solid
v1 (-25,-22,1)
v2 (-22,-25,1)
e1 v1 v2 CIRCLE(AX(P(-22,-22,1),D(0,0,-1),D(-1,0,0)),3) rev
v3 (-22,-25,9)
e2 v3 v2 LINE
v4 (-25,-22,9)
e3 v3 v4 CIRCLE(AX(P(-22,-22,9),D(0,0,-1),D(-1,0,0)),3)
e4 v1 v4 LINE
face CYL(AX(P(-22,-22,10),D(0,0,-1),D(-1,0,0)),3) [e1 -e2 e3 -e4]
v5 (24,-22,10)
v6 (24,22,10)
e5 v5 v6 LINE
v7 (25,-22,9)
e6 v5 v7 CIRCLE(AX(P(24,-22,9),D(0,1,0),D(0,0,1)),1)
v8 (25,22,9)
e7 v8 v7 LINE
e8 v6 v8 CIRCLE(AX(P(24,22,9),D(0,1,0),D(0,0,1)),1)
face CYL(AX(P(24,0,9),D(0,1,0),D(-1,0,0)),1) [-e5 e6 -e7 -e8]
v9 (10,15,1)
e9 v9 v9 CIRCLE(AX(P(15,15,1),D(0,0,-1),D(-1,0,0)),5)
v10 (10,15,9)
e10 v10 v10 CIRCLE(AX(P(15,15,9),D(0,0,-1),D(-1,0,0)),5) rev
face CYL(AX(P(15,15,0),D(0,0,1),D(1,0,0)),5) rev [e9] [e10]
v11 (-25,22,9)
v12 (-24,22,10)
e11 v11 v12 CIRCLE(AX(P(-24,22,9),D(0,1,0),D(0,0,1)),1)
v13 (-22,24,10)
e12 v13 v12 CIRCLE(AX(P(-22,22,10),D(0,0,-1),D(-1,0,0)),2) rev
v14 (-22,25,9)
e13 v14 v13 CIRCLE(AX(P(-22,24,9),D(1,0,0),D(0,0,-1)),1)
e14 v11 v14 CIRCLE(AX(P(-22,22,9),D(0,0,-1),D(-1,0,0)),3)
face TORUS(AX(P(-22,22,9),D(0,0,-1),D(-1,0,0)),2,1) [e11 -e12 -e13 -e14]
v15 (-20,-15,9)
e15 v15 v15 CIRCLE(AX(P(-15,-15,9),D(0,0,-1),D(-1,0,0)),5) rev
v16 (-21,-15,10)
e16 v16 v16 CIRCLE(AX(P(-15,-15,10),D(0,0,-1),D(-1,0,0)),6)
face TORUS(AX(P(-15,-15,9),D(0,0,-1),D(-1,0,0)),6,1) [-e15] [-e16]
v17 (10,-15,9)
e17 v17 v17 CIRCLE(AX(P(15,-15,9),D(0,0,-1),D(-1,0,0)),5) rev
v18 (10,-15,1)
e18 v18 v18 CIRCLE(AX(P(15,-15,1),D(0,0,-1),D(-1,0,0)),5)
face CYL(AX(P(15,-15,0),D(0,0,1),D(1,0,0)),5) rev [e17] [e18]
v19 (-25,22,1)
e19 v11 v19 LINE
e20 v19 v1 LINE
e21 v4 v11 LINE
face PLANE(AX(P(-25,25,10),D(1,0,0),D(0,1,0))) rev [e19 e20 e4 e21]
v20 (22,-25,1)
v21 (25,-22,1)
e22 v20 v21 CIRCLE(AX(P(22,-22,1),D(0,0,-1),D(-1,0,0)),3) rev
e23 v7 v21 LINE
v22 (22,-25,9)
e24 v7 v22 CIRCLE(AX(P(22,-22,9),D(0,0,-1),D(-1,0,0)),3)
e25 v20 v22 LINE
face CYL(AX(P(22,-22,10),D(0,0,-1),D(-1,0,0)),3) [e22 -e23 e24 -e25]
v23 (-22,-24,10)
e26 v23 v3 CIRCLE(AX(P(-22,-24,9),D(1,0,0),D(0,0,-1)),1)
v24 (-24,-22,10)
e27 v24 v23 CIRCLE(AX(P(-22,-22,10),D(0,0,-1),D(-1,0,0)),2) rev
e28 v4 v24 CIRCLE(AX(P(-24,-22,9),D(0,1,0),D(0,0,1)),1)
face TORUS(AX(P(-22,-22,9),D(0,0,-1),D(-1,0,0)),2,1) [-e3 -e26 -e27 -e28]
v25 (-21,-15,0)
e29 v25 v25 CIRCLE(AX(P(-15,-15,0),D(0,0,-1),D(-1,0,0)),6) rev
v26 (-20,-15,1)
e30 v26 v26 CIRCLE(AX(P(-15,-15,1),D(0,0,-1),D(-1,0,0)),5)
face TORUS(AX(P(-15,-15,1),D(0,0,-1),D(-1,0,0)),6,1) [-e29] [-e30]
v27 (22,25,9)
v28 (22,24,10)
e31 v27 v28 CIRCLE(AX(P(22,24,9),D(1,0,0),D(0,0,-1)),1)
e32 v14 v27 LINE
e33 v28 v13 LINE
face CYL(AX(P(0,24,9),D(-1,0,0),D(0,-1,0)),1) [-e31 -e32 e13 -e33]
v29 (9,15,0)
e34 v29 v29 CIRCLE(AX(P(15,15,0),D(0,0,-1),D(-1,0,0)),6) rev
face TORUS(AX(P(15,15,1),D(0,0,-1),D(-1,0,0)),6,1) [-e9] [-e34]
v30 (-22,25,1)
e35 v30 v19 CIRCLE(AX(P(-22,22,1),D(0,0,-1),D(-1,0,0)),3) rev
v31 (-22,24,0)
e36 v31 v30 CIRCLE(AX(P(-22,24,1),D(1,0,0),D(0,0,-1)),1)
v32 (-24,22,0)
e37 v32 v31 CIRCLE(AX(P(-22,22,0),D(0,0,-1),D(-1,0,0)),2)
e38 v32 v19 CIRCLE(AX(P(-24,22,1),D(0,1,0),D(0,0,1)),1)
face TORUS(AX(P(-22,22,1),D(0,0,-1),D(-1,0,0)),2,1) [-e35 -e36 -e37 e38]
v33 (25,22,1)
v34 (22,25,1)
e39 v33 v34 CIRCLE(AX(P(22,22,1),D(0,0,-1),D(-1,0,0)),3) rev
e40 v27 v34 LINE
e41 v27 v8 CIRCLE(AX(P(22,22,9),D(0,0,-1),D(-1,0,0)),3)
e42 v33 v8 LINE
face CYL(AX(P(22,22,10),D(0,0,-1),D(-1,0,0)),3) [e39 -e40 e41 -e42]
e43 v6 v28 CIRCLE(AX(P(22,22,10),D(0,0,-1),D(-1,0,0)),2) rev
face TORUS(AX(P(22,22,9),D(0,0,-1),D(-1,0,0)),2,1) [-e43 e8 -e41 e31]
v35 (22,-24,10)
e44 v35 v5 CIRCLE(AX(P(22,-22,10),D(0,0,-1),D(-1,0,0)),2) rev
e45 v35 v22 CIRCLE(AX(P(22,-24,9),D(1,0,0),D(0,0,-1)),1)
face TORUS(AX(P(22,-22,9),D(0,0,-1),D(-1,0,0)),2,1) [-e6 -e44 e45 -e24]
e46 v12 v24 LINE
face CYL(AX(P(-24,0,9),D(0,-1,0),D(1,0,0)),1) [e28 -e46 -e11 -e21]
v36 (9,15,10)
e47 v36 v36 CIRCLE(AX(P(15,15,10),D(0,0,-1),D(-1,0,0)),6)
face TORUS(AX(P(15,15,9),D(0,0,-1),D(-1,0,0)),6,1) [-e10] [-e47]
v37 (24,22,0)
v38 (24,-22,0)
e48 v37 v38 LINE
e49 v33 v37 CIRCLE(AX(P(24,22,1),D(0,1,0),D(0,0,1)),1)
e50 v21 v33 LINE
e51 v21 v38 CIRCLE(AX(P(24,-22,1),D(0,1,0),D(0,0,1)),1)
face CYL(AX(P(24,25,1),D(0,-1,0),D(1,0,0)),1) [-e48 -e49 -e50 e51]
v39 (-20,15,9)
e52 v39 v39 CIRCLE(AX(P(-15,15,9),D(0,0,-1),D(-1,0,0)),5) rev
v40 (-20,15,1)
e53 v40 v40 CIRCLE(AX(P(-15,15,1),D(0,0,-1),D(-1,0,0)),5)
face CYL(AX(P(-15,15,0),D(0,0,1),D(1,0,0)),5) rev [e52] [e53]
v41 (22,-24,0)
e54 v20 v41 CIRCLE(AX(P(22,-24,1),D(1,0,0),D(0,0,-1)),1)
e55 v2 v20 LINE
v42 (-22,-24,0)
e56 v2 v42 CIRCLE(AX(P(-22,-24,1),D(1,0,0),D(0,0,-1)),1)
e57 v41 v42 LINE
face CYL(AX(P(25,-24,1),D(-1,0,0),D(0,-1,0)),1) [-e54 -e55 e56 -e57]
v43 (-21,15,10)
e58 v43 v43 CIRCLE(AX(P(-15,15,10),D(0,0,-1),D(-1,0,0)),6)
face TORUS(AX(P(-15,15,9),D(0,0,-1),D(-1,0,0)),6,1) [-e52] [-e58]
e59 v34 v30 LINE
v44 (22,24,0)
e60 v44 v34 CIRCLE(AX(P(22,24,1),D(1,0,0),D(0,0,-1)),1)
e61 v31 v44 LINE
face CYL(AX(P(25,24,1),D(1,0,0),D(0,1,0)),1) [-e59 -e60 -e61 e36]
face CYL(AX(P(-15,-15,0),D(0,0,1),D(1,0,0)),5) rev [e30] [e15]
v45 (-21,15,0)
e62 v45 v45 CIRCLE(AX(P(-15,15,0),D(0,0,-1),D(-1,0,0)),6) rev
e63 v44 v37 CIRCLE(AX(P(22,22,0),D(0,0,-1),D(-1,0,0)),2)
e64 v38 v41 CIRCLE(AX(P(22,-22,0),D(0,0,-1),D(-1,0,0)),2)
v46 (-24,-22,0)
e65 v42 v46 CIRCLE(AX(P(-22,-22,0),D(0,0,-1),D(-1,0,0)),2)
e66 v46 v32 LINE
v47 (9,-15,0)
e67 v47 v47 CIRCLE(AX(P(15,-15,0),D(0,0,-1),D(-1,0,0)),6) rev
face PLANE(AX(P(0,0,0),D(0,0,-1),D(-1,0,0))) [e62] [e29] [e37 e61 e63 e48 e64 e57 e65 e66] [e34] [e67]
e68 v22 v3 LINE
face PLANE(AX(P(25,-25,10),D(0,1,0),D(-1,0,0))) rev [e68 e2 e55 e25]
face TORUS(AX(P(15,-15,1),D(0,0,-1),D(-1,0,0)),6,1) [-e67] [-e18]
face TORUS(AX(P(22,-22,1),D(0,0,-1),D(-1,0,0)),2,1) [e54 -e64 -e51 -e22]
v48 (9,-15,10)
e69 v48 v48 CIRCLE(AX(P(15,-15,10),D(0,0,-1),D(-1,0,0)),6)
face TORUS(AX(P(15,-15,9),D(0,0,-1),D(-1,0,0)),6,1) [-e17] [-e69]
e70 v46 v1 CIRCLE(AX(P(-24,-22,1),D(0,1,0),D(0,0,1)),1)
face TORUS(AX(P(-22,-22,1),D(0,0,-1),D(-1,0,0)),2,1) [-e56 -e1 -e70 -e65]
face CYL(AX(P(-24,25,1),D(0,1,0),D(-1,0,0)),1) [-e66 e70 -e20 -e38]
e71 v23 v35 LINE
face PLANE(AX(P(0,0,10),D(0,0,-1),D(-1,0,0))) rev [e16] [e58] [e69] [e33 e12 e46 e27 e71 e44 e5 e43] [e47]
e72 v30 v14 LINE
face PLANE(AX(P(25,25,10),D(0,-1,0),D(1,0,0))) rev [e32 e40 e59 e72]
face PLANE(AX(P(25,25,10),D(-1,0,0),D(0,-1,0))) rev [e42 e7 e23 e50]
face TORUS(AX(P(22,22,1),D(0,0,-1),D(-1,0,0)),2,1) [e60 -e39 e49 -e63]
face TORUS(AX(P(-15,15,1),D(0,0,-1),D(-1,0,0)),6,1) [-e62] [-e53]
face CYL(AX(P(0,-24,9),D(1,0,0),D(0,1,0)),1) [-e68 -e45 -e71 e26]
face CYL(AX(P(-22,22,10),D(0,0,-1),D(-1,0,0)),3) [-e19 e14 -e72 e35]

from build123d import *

# Parameters (mm, degrees)
SKETCH1_W           = 50
SKETCH1_H           = 50
BOSS_EXTRUDE1_DEPTH = 10
SKETCH2_R           = 5
CUT_EXTRUDE1_DEPTH  = 10
FILLET1_R           = 3
FILLET2_R           = 1


with BuildPart() as part:
    # Sketch1 → Boss-Extrude1 (new body)
    with BuildSketch(Plane.XY):
        Rectangle(SKETCH1_W, SKETCH1_H)
    extrude(amount=BOSS_EXTRUDE1_DEPTH)

    # Sketch2 → Cut-Extrude1 (cut)
    with BuildSketch(Plane.XY.offset(10)):
        with Locations((-15, 15)):
            Circle(SKETCH2_R)
        with Locations((15, 15)):
            Circle(SKETCH2_R)
        with Locations((15, -15)):
            Circle(SKETCH2_R)
        with Locations((-15, -15)):
            Circle(SKETCH2_R)
    extrude(amount=-CUT_EXTRUDE1_DEPTH, mode=Mode.SUBTRACT)

    # Fillet1
    fillet1_edges = [part.edges().sort_by_distance(p)[0] for p in [
        (-25, 25, 5),
        (25, 25, 5),
        (25, -25, 5),
        (-25, -25, 5),
    ]]
    fillet(fillet1_edges, radius=FILLET1_R)

    # Fillet2
    fillet2_edges = [part.edges().sort_by_distance(p)[0] for p in [
        (-20, 15, 0),
        (-20, 15, 10),
        (-20, -15, 0),
        (-20, -15, 10),
        (10, -15, 0),
        (10, -15, 10),
        (10, 15, 0),
        (10, 15, 10),
        (-25, 0, 0),
        (-25, 0, 10),
        (0, 25, 0),
        (25, 0, 0),
        (0, -25, 0),
        (24.121320344, 24.121320344, 0),
        (24.121320344, -24.121320344, 0),
        (-24.121320344, -24.121320344, 0),
        (-24.121320344, 24.121320344, 0),
        (0, 25, 10),
        (0, -25, 10),
        (25, 0, 10),
        (24.121320344, 24.121320344, 10),
        (24.121320344, -24.121320344, 10),
        (-24.121320344, -24.121320344, 10),
        (-24.121320344, 24.121320344, 10),
    ]]
    fillet(fillet2_edges, radius=FILLET2_R)


solid = part.part
